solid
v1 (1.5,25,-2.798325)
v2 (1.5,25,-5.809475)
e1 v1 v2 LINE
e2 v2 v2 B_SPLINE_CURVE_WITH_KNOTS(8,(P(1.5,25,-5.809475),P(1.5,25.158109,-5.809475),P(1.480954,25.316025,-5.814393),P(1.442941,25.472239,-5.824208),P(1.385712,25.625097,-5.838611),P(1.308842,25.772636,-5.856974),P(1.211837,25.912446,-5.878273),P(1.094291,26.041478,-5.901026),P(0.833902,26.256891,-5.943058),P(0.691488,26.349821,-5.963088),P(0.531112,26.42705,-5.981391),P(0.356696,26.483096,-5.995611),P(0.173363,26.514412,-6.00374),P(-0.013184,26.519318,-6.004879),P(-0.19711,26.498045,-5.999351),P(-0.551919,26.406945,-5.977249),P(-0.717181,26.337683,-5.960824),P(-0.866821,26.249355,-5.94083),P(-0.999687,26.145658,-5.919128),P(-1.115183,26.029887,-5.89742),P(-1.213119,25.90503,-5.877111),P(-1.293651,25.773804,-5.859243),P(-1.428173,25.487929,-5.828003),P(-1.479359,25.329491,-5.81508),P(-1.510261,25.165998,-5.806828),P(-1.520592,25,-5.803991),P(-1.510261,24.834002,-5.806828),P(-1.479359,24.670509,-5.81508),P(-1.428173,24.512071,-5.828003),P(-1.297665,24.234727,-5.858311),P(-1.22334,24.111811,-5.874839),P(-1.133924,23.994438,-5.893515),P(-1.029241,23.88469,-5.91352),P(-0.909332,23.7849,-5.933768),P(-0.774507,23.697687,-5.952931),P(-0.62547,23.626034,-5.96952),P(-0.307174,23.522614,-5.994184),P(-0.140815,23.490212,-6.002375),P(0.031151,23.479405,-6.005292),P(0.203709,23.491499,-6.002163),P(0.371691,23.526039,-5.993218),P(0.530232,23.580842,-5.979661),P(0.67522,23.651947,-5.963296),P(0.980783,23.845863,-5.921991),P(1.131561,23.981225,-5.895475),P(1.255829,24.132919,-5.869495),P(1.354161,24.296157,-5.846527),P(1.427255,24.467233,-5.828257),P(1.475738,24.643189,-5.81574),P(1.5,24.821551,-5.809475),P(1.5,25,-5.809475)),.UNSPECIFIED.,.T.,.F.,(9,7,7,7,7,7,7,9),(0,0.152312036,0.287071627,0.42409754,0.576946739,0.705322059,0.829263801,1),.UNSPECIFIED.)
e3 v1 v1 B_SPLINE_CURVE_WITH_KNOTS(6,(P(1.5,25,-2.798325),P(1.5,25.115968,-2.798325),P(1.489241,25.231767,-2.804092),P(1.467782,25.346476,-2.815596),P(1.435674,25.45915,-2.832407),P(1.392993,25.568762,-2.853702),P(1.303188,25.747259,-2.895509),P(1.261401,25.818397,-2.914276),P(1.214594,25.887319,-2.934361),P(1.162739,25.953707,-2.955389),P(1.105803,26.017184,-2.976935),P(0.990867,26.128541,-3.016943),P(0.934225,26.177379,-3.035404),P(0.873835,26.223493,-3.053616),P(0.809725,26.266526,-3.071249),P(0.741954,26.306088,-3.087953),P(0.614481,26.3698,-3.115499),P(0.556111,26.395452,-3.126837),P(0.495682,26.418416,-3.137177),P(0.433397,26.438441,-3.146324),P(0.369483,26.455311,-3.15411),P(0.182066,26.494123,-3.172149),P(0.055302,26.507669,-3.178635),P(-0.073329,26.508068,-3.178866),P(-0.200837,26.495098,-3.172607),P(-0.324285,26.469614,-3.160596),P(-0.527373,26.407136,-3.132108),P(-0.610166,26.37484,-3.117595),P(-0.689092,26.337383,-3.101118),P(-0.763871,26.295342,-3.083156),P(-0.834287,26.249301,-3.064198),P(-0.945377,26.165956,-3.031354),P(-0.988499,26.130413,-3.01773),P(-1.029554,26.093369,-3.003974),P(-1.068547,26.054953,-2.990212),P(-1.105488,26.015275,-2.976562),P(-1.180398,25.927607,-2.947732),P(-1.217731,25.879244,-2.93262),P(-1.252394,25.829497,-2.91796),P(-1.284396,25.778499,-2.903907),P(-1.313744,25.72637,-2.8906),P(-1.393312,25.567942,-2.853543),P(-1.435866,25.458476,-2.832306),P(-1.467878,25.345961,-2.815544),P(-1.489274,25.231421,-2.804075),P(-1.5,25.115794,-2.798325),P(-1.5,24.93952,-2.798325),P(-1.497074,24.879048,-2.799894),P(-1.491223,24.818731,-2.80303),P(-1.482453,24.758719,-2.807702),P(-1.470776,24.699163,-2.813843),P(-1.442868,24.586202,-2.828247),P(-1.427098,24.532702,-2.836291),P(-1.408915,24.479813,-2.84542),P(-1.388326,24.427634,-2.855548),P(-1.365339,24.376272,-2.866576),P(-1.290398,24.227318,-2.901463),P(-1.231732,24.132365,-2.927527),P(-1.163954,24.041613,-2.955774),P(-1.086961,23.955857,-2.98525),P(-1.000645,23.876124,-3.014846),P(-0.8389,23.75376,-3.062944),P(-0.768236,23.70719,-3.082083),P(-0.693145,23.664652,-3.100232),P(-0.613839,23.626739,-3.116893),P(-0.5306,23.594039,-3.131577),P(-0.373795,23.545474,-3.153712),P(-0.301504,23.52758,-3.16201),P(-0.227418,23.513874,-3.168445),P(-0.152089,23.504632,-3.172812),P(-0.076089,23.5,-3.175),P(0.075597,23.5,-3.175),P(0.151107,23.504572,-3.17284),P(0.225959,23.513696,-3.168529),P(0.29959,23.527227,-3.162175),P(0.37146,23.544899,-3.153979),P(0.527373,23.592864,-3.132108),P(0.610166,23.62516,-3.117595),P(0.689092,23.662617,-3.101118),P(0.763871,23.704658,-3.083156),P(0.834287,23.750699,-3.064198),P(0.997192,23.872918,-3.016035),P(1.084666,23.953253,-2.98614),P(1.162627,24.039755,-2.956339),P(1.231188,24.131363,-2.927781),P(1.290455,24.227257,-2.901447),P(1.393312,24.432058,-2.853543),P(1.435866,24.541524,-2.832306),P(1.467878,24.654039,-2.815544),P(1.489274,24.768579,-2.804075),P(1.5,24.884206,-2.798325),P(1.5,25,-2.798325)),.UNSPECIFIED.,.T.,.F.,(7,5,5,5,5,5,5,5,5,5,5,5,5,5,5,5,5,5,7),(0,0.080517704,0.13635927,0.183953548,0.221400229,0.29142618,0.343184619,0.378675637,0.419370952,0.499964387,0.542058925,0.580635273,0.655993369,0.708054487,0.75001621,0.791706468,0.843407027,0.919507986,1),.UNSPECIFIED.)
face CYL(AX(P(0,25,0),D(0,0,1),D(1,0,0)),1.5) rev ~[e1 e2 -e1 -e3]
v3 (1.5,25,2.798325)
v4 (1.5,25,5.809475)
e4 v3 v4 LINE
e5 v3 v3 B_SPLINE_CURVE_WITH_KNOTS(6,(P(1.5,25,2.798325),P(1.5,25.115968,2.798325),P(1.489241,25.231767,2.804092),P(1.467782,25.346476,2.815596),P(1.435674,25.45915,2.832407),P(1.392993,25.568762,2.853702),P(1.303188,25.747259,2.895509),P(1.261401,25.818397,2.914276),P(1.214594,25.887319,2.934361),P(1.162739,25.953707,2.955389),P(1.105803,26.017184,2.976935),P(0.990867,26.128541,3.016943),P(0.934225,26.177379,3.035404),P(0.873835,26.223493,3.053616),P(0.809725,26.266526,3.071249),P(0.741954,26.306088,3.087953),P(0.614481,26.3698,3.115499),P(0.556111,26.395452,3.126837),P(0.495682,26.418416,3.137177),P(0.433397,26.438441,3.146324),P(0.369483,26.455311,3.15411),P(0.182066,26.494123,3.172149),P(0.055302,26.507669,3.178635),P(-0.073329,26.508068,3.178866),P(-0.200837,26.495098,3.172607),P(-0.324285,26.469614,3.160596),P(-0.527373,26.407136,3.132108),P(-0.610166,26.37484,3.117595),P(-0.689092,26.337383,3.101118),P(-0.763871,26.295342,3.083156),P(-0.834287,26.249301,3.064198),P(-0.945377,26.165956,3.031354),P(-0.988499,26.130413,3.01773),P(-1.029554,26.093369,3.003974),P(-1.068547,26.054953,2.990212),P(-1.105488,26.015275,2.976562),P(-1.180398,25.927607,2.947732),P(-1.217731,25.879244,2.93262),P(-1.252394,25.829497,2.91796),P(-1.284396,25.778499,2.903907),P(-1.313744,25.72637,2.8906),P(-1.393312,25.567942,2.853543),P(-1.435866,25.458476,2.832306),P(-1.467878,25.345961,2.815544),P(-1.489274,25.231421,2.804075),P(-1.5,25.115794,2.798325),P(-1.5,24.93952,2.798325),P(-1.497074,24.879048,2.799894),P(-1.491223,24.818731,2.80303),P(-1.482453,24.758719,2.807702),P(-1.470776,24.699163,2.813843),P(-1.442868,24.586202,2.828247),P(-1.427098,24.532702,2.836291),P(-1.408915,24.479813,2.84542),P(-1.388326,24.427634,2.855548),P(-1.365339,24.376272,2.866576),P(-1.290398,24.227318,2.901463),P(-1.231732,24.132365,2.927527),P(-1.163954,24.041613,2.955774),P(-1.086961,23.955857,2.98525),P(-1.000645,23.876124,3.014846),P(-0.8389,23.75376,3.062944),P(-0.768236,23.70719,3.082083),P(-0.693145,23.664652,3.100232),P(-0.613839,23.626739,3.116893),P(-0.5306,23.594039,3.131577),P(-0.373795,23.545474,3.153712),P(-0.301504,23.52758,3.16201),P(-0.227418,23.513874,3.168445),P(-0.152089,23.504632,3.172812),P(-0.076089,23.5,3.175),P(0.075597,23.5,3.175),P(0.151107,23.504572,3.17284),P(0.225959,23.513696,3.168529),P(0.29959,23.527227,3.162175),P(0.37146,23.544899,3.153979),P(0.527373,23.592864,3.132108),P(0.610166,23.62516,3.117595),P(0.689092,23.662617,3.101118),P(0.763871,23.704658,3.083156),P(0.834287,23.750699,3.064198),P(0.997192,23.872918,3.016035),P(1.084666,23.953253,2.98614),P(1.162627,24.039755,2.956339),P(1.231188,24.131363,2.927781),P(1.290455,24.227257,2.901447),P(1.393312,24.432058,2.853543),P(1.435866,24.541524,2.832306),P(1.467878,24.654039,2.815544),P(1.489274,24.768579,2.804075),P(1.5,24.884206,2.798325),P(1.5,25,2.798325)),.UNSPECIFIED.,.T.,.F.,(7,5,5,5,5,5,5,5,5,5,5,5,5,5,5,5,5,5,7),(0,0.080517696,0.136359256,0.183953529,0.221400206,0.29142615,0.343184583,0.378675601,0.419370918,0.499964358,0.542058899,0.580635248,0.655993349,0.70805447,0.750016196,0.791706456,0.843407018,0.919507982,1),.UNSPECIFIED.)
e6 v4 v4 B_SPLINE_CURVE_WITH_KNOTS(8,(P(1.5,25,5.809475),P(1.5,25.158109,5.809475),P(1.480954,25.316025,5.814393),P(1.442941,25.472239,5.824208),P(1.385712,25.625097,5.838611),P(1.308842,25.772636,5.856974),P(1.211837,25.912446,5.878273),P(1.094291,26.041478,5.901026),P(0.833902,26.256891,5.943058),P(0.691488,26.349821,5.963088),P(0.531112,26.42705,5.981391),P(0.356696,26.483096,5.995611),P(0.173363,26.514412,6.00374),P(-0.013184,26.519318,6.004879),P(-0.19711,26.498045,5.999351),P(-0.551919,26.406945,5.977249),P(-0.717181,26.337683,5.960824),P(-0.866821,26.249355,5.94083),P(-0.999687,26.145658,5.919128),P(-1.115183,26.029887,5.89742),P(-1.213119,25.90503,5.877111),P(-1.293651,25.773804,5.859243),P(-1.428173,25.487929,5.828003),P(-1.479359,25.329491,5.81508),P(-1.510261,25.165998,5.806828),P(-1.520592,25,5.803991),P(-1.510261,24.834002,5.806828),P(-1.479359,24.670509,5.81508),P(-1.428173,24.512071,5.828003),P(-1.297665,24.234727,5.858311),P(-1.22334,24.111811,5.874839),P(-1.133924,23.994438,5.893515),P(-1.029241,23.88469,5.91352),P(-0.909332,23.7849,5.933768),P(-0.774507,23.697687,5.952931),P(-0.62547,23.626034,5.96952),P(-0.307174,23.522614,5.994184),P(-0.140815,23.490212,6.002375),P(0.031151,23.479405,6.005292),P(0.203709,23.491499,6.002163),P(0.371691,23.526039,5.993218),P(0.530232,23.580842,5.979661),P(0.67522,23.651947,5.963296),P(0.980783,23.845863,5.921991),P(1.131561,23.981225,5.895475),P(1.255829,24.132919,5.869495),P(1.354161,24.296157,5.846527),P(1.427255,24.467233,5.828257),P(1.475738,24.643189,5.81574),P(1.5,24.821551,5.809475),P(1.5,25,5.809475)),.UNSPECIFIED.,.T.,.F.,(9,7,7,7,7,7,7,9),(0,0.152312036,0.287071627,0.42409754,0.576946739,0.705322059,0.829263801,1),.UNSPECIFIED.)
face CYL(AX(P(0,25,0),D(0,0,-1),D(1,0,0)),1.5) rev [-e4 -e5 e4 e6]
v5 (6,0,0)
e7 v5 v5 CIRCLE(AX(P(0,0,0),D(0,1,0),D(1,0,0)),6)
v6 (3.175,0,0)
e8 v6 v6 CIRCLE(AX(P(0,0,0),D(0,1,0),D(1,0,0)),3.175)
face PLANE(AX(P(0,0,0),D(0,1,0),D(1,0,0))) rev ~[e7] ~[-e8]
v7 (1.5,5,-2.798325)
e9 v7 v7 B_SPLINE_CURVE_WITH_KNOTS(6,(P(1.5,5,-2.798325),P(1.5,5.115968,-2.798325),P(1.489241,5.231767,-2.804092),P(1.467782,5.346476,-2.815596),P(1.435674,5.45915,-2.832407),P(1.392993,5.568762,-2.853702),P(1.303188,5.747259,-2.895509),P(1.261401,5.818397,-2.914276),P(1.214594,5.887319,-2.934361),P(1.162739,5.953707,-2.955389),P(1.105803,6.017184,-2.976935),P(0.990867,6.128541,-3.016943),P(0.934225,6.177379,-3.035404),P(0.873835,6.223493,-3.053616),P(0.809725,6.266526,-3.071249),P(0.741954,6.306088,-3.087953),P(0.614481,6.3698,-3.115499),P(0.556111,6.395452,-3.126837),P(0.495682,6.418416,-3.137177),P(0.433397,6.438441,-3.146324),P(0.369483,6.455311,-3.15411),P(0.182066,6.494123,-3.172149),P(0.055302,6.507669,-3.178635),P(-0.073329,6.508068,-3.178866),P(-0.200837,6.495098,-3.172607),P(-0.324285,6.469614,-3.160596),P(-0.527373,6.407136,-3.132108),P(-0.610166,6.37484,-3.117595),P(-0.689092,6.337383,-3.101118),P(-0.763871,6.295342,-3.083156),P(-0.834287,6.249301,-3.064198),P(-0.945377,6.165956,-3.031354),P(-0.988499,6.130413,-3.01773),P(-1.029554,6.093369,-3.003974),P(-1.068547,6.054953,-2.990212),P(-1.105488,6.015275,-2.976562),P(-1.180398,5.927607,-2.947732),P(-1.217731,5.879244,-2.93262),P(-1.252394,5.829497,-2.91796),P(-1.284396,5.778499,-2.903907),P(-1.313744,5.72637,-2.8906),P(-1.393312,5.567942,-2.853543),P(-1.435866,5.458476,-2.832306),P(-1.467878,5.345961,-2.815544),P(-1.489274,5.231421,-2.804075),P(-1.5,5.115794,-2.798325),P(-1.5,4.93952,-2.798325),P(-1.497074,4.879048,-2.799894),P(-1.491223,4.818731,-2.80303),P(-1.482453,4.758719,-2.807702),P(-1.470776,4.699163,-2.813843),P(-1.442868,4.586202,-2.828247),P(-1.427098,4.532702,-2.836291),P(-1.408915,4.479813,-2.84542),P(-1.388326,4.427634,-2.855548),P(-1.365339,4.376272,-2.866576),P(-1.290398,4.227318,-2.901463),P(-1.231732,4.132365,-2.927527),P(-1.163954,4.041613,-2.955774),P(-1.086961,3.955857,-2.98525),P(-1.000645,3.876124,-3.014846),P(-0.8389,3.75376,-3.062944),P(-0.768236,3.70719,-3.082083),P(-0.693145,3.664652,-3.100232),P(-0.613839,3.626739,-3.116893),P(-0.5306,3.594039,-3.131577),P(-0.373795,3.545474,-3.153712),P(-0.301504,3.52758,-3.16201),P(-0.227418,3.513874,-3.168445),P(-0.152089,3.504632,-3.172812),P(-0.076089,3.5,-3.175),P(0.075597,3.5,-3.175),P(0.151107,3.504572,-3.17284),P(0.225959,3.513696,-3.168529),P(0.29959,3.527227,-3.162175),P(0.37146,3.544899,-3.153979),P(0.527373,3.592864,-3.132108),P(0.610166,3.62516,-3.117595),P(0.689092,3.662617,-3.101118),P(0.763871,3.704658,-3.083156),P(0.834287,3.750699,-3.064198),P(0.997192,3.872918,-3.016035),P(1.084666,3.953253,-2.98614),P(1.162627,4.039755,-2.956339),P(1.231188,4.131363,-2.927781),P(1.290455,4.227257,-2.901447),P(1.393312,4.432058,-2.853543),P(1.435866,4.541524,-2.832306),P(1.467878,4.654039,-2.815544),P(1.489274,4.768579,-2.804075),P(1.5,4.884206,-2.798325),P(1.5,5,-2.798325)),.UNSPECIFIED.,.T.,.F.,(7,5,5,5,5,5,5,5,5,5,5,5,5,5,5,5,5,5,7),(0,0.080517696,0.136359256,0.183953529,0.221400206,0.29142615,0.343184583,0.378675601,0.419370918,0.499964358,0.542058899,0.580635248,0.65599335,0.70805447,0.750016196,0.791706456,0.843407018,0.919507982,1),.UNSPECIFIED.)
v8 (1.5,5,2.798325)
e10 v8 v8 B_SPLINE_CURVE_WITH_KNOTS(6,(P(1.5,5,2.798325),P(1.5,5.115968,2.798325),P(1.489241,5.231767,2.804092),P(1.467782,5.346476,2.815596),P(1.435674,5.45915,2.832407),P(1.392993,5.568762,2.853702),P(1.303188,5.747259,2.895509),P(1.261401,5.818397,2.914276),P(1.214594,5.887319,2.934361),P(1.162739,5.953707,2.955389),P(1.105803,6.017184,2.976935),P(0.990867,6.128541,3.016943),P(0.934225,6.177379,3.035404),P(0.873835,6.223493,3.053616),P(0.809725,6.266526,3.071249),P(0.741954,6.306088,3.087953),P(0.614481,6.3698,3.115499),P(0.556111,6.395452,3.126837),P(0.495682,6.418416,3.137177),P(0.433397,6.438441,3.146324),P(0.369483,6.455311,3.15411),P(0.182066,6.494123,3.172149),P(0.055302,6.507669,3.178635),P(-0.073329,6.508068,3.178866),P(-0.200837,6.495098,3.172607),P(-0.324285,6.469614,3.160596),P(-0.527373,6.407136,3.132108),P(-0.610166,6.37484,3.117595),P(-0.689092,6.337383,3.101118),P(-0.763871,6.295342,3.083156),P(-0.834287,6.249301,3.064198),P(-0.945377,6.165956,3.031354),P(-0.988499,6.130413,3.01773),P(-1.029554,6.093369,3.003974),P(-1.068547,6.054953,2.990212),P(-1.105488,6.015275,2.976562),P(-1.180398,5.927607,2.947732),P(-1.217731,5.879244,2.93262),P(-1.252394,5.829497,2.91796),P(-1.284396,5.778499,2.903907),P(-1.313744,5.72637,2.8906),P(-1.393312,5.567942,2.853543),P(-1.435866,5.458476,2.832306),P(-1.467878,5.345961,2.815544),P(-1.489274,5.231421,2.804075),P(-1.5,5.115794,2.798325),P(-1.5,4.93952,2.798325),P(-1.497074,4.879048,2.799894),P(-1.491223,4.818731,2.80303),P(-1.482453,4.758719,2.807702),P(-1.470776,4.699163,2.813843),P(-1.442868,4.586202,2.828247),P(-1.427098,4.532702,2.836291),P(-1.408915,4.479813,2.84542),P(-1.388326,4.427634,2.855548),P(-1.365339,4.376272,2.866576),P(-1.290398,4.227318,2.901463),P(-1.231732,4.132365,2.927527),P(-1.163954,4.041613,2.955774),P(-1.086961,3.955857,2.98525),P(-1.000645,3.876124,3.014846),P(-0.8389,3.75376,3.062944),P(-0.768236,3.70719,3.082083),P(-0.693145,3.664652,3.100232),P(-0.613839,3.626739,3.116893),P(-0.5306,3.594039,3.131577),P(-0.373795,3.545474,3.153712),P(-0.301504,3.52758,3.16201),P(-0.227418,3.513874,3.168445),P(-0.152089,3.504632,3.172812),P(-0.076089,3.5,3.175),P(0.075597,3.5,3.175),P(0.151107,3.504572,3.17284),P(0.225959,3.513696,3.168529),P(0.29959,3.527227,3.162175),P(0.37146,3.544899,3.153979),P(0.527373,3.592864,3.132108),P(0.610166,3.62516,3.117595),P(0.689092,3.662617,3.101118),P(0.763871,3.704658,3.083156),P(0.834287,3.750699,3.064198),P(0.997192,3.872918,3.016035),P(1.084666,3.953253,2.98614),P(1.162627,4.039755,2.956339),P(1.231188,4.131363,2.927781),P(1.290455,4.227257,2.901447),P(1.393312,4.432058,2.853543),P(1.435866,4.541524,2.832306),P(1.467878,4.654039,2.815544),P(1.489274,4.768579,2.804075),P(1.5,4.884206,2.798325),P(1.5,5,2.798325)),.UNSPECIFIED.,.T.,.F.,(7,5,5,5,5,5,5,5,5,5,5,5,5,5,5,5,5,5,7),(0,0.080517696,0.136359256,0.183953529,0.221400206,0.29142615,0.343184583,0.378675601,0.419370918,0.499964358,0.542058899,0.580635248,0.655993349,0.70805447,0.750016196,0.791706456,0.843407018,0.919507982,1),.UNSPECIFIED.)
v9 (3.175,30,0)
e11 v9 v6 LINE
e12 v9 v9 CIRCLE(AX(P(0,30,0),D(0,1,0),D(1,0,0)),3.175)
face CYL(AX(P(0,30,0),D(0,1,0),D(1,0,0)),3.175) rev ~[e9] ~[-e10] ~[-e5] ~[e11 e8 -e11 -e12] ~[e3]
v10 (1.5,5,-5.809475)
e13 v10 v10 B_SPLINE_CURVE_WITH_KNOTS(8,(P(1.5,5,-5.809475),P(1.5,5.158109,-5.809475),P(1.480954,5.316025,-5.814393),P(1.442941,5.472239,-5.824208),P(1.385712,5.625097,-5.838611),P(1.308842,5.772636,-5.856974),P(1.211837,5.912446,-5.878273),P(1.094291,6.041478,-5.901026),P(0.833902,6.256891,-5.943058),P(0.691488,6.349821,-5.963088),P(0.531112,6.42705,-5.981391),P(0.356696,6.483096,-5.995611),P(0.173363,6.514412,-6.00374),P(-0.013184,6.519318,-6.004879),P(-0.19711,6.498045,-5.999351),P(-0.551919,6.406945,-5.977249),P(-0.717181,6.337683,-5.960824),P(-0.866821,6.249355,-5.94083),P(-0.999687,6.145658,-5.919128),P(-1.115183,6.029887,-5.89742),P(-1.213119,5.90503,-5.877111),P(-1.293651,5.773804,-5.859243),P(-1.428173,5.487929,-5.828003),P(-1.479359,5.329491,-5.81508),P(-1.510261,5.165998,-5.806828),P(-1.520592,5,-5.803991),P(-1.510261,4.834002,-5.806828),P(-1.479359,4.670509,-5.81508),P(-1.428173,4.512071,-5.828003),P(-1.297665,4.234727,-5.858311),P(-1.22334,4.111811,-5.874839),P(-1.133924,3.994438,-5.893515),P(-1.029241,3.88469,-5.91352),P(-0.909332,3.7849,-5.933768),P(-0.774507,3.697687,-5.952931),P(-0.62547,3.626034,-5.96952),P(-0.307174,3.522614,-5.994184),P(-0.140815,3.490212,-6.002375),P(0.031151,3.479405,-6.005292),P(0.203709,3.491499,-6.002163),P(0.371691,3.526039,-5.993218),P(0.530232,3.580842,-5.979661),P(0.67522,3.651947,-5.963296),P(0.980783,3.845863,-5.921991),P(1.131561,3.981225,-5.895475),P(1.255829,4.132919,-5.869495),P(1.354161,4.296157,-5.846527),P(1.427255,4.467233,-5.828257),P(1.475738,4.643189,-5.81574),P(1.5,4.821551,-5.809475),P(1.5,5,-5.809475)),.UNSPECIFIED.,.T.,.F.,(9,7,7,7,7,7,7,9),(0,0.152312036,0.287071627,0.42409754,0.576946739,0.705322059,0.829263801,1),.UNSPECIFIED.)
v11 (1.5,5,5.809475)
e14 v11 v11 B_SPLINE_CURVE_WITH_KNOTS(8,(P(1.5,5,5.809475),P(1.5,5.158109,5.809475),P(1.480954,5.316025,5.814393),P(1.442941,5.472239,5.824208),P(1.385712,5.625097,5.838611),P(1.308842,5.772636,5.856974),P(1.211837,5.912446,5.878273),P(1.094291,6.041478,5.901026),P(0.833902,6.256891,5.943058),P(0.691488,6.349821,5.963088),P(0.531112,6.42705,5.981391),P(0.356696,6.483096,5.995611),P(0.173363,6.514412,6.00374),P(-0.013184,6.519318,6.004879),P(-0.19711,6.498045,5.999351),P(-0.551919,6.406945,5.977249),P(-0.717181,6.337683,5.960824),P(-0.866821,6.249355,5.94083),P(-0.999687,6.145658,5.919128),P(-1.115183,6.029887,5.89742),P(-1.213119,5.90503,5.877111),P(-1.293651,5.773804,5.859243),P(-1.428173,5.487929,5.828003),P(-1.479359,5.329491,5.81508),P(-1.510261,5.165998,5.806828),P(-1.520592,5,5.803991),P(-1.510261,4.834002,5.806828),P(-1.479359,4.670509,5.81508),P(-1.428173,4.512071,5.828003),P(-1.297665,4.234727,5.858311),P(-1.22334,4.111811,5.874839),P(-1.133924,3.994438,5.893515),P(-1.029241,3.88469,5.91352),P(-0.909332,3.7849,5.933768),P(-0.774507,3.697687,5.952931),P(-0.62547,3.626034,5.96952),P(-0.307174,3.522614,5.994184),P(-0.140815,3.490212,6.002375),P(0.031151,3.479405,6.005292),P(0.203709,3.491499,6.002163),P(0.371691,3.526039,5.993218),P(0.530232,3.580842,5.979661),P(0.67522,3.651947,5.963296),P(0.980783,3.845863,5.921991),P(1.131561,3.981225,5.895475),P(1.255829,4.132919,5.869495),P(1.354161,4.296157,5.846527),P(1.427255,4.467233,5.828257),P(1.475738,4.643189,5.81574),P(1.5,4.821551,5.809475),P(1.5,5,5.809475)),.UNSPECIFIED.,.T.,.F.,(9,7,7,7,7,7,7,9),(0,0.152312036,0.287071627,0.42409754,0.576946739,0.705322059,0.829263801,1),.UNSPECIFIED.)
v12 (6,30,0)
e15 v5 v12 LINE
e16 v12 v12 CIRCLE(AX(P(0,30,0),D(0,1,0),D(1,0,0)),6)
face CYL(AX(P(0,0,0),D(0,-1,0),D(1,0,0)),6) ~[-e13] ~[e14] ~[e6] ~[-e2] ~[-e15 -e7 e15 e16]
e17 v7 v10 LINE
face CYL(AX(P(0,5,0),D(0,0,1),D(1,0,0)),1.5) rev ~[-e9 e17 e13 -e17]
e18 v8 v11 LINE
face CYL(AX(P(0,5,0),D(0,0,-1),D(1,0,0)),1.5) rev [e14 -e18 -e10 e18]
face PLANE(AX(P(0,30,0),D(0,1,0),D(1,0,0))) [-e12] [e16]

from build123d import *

# Parameters (mm, degrees)
SKETCH1_R               = 6
BOSS_EXTRUDE1_DEPTH     = 30
SKETCH2_R               = 3.175
CUT_EXTRUDE1_DEPTH      = 1
CUT_EXTRUDE1_DEPTH_BACK = 31
SKETCH4_R               = 1.5
CUT_EXTRUDE4_DEPTH      = 7
CUT_EXTRUDE4_DEPTH_BACK = 7


with BuildPart() as part:
    # Sketch1 → Boss-Extrude1 (new body)
    with BuildSketch(Plane(origin=(0, 0, 0), x_dir=(1, 0, 0), z_dir=(0, 1, 0))):
        Circle(SKETCH1_R)
    extrude(amount=BOSS_EXTRUDE1_DEPTH)

    # Sketch2 → Cut-Extrude1 (cut, two sides)
    with BuildSketch(Plane(origin=(0, 30, 0), x_dir=(1, 0, 0), z_dir=(0, 1, 0))) as cut_extrude1_sk:
        Circle(SKETCH2_R)
    extrude(amount=CUT_EXTRUDE1_DEPTH, mode=Mode.SUBTRACT)
    extrude(cut_extrude1_sk.sketch, amount=-CUT_EXTRUDE1_DEPTH_BACK, mode=Mode.SUBTRACT)

    # Sketch4 → Cut-Extrude4 (cut, two sides)
    with BuildSketch(Plane.XY) as cut_extrude4_sk:
        with Locations((0, 25)):
            Circle(SKETCH4_R)
        with Locations((0, 5)):
            Circle(SKETCH4_R)
    extrude(amount=CUT_EXTRUDE4_DEPTH, mode=Mode.SUBTRACT)
    extrude(cut_extrude4_sk.sketch, amount=-CUT_EXTRUDE4_DEPTH_BACK, mode=Mode.SUBTRACT)


solid = part.part
